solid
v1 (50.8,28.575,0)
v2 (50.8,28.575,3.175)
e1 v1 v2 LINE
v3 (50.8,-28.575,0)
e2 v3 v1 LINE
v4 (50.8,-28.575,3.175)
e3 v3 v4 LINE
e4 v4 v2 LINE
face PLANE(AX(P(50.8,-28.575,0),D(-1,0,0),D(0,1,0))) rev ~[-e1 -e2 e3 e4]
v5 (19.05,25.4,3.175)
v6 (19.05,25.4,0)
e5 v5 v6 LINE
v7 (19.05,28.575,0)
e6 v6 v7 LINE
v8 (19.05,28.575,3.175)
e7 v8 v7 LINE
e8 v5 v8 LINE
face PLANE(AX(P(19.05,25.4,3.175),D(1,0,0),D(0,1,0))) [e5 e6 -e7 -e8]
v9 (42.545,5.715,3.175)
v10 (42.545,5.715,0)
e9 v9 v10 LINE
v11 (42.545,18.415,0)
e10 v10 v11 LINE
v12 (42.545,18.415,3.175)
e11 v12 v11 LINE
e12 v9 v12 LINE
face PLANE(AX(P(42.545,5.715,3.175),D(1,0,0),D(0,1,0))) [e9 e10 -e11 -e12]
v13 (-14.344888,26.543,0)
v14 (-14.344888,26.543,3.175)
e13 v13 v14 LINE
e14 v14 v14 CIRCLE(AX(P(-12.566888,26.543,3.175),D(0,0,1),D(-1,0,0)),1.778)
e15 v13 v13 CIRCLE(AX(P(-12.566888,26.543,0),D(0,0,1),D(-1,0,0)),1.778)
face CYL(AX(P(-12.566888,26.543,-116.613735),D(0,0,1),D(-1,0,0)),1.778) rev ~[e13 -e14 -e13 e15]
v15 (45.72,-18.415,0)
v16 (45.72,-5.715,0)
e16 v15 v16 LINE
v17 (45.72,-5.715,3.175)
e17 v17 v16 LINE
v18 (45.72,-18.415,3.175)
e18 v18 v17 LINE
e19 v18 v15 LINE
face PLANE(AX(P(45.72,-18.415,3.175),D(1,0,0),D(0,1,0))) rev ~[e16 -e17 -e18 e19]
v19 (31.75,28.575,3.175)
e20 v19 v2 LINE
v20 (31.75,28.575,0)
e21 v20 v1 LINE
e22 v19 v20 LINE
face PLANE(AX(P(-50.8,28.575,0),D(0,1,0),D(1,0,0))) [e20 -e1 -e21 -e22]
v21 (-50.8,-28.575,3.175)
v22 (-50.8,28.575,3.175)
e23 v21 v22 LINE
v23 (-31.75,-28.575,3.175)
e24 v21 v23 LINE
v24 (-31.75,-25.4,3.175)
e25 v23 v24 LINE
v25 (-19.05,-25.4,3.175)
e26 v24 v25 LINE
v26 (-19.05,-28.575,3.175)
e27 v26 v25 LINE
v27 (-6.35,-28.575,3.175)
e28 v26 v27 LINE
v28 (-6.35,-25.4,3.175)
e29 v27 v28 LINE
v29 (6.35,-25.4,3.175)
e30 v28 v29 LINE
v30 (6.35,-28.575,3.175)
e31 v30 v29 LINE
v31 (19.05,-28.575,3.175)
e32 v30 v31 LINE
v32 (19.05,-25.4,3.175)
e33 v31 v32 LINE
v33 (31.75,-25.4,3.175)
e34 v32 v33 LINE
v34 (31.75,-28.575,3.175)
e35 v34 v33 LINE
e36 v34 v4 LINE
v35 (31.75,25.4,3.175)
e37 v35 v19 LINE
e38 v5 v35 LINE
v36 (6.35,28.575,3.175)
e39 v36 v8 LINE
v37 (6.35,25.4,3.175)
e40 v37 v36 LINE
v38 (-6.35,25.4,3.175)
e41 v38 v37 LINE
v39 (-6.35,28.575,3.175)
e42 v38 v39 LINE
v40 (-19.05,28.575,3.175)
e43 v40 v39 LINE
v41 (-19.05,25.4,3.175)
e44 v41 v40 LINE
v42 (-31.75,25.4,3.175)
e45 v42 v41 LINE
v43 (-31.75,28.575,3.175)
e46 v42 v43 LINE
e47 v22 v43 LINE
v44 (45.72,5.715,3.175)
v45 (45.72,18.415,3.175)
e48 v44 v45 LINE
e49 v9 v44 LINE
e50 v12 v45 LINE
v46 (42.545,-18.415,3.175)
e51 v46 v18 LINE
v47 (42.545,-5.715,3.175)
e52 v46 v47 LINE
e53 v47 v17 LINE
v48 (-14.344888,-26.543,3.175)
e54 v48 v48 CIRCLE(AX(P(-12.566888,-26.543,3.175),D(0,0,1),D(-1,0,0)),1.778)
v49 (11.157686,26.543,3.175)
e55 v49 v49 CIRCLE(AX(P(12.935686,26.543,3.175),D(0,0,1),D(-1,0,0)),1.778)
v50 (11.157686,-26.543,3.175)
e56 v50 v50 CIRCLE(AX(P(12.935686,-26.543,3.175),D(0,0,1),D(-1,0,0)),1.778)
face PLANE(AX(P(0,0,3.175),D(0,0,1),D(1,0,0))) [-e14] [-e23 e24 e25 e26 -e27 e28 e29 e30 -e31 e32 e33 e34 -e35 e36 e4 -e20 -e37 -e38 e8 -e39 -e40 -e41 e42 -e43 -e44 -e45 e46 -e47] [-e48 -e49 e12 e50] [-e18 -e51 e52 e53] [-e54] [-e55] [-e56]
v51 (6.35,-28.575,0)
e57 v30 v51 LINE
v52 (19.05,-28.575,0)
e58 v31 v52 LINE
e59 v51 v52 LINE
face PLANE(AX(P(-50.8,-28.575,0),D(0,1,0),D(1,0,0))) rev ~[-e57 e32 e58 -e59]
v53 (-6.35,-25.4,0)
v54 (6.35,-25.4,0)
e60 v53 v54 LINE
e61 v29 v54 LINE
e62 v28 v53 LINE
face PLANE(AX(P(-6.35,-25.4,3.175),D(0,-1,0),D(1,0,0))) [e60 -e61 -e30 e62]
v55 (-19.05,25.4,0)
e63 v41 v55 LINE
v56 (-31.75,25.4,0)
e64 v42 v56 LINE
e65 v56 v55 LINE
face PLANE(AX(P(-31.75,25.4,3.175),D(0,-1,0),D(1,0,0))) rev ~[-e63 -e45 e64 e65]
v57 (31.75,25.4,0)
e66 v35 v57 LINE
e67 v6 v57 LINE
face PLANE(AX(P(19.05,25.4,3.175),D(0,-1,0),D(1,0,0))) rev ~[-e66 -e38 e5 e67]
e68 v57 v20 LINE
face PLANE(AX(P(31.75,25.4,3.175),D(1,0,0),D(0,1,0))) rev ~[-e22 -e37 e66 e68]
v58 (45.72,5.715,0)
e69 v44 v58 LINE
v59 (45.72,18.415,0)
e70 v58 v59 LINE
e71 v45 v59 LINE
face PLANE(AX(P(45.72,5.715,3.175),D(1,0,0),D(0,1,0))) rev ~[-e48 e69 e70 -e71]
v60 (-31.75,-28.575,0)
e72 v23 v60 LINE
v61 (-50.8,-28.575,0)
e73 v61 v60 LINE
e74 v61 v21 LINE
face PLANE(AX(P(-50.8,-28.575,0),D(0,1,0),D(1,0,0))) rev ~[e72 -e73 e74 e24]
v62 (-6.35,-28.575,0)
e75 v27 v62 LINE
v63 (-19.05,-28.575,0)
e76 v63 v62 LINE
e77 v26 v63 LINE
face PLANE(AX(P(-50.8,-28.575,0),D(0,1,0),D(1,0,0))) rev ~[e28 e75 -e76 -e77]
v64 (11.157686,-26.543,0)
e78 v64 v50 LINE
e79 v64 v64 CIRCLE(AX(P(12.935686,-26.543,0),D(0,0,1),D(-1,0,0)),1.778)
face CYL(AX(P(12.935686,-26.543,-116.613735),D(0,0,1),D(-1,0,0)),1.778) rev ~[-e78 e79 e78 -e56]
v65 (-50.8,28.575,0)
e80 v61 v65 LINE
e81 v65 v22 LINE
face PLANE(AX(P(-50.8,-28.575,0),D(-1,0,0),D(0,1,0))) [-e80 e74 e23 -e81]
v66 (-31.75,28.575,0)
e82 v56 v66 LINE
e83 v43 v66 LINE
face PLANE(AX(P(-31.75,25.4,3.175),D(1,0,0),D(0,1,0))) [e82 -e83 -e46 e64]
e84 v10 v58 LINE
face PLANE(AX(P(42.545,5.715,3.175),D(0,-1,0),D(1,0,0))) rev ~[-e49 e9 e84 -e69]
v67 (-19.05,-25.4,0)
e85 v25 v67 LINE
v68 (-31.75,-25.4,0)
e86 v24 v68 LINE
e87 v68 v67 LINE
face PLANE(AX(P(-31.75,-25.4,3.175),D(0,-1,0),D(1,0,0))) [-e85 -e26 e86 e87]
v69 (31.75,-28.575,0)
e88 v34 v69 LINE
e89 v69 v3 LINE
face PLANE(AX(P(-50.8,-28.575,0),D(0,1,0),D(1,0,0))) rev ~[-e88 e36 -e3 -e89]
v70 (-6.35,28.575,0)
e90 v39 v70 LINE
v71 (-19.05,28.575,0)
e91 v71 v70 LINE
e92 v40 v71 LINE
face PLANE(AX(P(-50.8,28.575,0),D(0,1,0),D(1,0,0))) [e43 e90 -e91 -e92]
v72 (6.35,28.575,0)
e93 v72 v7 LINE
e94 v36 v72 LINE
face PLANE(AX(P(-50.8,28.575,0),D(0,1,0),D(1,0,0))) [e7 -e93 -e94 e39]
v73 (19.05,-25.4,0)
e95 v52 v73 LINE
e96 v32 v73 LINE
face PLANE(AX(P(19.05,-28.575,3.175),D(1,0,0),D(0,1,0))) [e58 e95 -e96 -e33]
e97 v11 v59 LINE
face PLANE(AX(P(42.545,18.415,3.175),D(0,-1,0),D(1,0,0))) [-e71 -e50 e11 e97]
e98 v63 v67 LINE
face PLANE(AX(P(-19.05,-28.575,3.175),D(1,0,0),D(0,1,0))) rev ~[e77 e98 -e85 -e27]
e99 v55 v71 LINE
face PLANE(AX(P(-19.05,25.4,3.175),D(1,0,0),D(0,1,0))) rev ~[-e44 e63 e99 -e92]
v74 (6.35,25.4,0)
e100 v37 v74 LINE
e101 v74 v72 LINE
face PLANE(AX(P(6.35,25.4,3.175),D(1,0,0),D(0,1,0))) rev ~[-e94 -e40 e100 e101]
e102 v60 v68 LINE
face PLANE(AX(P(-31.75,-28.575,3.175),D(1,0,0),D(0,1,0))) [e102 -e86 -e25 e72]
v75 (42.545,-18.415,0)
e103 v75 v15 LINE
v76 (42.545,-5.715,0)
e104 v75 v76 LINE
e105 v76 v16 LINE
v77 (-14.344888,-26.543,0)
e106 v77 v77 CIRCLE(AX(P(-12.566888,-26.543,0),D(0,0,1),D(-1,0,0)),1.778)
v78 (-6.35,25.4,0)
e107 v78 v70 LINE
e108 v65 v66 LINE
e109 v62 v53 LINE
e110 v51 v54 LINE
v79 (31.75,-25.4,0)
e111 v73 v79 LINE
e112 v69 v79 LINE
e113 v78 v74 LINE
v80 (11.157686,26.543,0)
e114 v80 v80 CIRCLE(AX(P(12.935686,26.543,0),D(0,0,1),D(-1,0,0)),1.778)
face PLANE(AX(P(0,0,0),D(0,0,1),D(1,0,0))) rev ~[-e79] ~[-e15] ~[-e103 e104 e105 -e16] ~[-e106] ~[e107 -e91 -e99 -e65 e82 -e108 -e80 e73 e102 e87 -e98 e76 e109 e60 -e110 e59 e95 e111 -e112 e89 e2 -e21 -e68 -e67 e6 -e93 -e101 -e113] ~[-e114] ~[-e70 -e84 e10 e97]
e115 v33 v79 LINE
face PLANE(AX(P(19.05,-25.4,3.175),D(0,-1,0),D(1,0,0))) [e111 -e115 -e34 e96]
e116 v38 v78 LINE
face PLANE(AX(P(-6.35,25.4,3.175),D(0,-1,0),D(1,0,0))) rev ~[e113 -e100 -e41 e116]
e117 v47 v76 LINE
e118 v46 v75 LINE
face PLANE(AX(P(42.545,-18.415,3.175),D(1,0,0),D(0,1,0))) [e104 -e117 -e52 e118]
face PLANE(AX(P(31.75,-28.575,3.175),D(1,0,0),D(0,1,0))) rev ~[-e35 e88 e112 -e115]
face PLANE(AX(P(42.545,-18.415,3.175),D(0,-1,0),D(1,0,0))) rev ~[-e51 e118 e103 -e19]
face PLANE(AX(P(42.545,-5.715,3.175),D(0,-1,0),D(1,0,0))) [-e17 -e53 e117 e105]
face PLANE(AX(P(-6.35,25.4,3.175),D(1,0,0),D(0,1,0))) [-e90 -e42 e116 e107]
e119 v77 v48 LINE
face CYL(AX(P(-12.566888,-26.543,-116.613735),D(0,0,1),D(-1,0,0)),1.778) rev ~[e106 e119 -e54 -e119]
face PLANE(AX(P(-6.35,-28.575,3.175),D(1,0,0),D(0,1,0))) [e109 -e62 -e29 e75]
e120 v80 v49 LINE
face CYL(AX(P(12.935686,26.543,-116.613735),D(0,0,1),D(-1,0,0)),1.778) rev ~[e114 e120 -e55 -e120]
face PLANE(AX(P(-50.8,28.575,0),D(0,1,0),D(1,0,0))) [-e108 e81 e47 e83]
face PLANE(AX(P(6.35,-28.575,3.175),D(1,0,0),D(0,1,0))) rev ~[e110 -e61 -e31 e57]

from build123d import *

# Parameters (mm, degrees)
F0_W     = 101.6
F0_H     = 57.15
F1_DEPTH = 3.175
F2_W     = 12.7
F2_H     = 3.175
F2_W_2   = 3.175
F2_H_2   = 12.7
F3_DEPTH = 3.176
F5_D     = 3.556


with BuildPart() as f1:
    # F0 (on Top) → F1 (new body)
    with BuildSketch(Plane.XY):
        Rectangle(F0_W, F0_H)
    extrude(amount=F1_DEPTH)

    # F2 (on face) → F3 (cut, through all)
    with BuildSketch(Plane.XY.offset(3.175)):
        with Locations((-25.4, -26.9875)):
            Rectangle(F2_W, F2_H)
        with Locations((0, -26.9875)):
            Rectangle(F2_W, F2_H)
        with Locations((25.4, -26.9875)):
            Rectangle(F2_W, F2_H)
        with Locations((44.1325, -12.065)):
            Rectangle(F2_W_2, F2_H_2)
        with Locations((44.1325, 12.065)):
            Rectangle(F2_W_2, F2_H_2)
        with Locations((-25.4, 26.9875)):
            Rectangle(F2_W, F2_H)
        with Locations((0, 26.9875)):
            Rectangle(F2_W, F2_H)
        with Locations((25.4, 26.9875)):
            Rectangle(F2_W, F2_H)
    extrude(amount=-F3_DEPTH, mode=Mode.SUBTRACT)

    # F5 (through all)
    with Locations(Plane(origin=(0, 0, 0), x_dir=(1, 0, 0), z_dir=(0, 0, -1))):
        with Locations((-12.566888, 26.543), (12.935686, 26.543), (-12.566888, -26.543), (12.935686, -26.543)):
            Hole(F5_D / 2)


solid = f1.part
